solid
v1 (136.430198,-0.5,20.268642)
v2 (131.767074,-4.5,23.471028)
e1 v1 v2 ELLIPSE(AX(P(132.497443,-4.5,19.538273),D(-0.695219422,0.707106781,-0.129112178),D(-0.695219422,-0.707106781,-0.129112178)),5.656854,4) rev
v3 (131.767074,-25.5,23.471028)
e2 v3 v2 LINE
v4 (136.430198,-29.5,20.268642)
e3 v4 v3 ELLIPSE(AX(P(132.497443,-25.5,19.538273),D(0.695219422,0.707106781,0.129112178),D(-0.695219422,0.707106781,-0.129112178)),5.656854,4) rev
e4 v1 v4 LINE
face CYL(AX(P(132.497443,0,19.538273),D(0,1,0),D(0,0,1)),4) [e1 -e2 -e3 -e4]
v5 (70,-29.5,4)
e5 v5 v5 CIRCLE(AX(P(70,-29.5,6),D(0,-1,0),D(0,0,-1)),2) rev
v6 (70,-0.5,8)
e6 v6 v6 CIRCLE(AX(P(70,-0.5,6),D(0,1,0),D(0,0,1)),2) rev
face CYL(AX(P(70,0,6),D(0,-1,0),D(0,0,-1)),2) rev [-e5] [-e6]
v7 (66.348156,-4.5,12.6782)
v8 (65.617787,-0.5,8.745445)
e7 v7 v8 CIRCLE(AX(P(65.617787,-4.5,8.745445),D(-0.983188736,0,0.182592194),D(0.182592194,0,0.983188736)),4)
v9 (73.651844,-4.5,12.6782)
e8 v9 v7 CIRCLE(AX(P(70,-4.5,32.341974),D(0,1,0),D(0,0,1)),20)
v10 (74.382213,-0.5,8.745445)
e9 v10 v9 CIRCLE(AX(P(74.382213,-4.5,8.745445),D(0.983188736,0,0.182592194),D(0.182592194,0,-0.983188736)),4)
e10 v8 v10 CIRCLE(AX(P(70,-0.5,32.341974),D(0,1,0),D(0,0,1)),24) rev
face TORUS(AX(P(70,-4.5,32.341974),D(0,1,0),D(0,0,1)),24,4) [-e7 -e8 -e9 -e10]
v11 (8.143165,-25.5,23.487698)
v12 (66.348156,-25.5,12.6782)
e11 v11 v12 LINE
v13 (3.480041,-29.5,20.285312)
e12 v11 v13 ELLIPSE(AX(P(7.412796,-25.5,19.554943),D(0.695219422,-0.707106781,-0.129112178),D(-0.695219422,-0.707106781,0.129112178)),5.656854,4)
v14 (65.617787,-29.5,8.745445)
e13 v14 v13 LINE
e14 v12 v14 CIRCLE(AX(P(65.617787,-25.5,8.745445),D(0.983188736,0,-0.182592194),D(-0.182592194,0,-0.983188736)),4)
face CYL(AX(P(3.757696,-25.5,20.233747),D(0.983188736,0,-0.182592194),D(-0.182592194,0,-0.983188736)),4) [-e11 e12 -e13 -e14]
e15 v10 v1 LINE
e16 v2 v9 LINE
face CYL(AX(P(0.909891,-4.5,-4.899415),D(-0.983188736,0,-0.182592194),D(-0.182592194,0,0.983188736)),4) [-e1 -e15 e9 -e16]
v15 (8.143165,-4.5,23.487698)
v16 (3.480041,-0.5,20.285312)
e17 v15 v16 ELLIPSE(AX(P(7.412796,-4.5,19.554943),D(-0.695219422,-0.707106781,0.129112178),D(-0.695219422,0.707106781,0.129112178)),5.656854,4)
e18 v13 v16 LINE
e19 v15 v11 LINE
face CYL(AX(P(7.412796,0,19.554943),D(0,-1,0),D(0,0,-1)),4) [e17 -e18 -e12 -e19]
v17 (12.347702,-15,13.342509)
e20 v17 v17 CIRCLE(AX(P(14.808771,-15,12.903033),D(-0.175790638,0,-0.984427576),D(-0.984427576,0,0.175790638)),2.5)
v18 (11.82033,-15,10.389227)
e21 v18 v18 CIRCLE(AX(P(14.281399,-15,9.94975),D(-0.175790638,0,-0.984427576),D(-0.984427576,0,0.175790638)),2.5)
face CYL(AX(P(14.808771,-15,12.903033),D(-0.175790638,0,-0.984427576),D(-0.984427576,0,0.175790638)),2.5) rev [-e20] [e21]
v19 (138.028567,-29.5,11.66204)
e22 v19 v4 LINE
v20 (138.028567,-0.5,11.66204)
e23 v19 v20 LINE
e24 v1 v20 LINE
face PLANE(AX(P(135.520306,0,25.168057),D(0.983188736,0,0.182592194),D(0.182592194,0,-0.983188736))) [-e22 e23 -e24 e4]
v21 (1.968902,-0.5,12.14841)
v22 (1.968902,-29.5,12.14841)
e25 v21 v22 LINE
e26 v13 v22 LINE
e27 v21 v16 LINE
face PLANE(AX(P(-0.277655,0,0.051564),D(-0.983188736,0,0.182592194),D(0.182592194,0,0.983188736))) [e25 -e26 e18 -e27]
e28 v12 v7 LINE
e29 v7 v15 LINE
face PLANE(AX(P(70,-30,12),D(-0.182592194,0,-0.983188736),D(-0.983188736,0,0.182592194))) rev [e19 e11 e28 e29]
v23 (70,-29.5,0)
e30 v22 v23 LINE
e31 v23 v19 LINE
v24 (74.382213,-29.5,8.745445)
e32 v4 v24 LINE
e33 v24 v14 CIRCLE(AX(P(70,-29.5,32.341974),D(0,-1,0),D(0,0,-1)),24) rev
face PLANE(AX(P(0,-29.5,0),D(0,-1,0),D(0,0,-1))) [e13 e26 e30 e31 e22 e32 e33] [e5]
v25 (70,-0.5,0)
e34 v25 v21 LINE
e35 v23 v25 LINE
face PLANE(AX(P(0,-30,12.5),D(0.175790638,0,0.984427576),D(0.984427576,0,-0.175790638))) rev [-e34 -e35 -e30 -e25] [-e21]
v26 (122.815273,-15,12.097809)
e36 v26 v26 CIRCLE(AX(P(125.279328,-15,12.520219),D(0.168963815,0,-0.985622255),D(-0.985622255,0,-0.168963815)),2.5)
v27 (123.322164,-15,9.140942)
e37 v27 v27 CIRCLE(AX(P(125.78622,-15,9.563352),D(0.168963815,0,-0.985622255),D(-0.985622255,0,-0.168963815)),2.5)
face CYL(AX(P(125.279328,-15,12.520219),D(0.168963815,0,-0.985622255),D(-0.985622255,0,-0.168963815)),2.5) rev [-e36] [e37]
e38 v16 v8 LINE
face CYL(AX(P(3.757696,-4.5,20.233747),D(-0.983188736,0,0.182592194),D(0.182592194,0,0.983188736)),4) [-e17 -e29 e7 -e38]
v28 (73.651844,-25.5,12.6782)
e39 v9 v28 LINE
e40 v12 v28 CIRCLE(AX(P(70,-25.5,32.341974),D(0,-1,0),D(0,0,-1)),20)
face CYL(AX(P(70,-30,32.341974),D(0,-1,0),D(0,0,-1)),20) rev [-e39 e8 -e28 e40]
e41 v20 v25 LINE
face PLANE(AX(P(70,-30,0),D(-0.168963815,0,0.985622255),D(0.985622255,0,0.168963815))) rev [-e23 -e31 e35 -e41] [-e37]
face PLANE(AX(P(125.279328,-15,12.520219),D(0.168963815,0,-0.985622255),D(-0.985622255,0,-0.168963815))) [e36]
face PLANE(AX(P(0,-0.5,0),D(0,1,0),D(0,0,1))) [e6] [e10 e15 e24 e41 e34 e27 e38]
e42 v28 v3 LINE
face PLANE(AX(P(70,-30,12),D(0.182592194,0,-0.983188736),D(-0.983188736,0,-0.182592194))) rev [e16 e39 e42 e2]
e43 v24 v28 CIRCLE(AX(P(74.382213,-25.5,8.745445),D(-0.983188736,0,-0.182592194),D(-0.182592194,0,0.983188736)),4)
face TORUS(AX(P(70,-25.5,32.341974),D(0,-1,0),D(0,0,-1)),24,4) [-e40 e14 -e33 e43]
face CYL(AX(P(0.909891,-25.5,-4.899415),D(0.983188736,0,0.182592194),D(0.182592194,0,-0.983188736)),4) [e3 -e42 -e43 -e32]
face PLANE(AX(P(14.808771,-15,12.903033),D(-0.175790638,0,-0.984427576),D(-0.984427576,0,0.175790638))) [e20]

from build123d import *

# Parameters (mm, degrees)
ESQUISSE1_W              = 140
ESQUISSE1_H              = 30
BOSS_EXTRU_1_DEPTH       = 20
ESQUISSE3_W              = 140
ESQUISSE3_H              = 30
BOSS_EXTRU_2_DEPTH       = 20
BOSS_EXTRU_3_DEPTH       = 30
BOSS_EXTRU_4_DEPTH       = 30
ESQUISSE12_W             = 140
ESQUISSE12_H             = 30
ENL_V_MAT_EXTRU_1_DEPTH  = 41
ESQUISSE13_R             = 2
ENL_V_MAT_EXTRU_2_DEPTH  = 31
ESQUISSE25_R             = 2.5
ENL_V_MAT_EXTRU_11_DEPTH = 3
ENL_V_MAT_EXTRU_5_DEPTH  = 31
ENL_V_MAT_EXTRU_6_DEPTH  = 31
ESQUISSE19_W             = 12.781453569
ESQUISSE19_H             = 30
ENL_V_MAT_EXTRU_7_DEPTH  = 2
ESQUISSE20_W             = 12.289859201
ESQUISSE20_H             = 30
ENL_V_MAT_EXTRU_8_DEPTH  = 2
ENL_V_MAT_EXTRU_9_DEPTH  = 0.5
ENL_V_MAT_EXTRU_10_DEPTH = 0.5
ESQUISSE15_R             = 2.5
ENL_V_MAT_EXTRU_15_DEPTH = 3
CONG_1_R                 = 20
CONG_3_R                 = 4


with BuildPart() as part:
    # Esquisse1 → Boss.-Extru.1 (new body)
    with BuildSketch(Plane.XY):
        with Locations((70, 15)):
            Rectangle(ESQUISSE1_W, ESQUISSE1_H)
    extrude(amount=BOSS_EXTRU_1_DEPTH)

    # Esquisse3 → Boss.-Extru.2 (add)
    with BuildSketch(Plane.XY.offset(20)):
        with Locations((70, 15)):
            Rectangle(ESQUISSE3_W, ESQUISSE3_H)
    extrude(amount=BOSS_EXTRU_2_DEPTH)

    # Esquisse5 → Boss.-Extru.3 (add)
    with BuildSketch(Plane.XZ):
        Polygon((70, 12), (140, 25), (140, 12), (70, 0), align=None)
    extrude(amount=BOSS_EXTRU_3_DEPTH)

    # Esquisse6 → Boss.-Extru.4 (add)
    with BuildSketch(Plane.XZ):
        Polygon((0, 25), (0, 12.5), (70, 0), (70, 12), align=None)
    extrude(amount=BOSS_EXTRU_4_DEPTH)

    # Esquisse12 → Enlèv. mat.-Extru.1 (cut, through all)
    with BuildSketch(Plane.XY.offset(40)):
        with Locations((70, 15)):
            Rectangle(ESQUISSE12_W, ESQUISSE12_H)
    extrude(amount=-ENL_V_MAT_EXTRU_1_DEPTH, mode=Mode.SUBTRACT)

    # Esquisse13 → Enlèv. mat.-Extru.2 (cut, through all)
    with BuildSketch(Plane.XZ.offset(30)):
        with Locations((70, 6)):
            Circle(ESQUISSE13_R)
    extrude(amount=-ENL_V_MAT_EXTRU_2_DEPTH, mode=Mode.SUBTRACT)

    # Esquisse25 → Enlèv. mat.-Extru.11 (cut)
    with BuildSketch(Plane(origin=(2.1631644, 0, 12.113720643), x_dir=(-0.984427576, 0, 0.175790638), z_dir=(-0.175790638, 0, -0.984427576))):
        with Locations((-12.309930286, -15)):
            Circle(ESQUISSE25_R)
    extrude(amount=-ENL_V_MAT_EXTRU_11_DEPTH, mode=Mode.SUBTRACT)

    # Esquisse16 → Enlèv. mat.-Extru.5 (cut, through all)
    with BuildSketch(Plane(origin=(0, 0, 0), x_dir=(1, 0, 0), z_dir=(0, 1, 0))):
        Polygon((0, -12.5), (2.244032354, -24.583251134), (0, -25), align=None)
    extrude(amount=-ENL_V_MAT_EXTRU_5_DEPTH, mode=Mode.SUBTRACT)

    # Esquisse17 → Enlèv. mat.-Extru.6 (cut, through all)
    with BuildSketch(Plane(origin=(0, 0, 0), x_dir=(1, 0, 0), z_dir=(0, 1, 0))):
        Polygon((140, -12), (137.666206352, -24.56658118), (140, -25), align=None)
    extrude(amount=-ENL_V_MAT_EXTRU_6_DEPTH, mode=Mode.SUBTRACT)

    # Esquisse19 → Enlèv. mat.-Extru.7 (cut)
    with BuildSketch(Plane(origin=(137.486683764, 0, 25.53324127), x_dir=(0.182592194, 0, -0.983188736), z_dir=(0.983188736, 0, 0.182592194))):
        with Locations((7.373915521, -15)):
            Rectangle(ESQUISSE19_W, ESQUISSE19_H)
    extrude(amount=-ENL_V_MAT_EXTRU_7_DEPTH, mode=Mode.SUBTRACT)

    # Esquisse20 → Enlèv. mat.-Extru.8 (cut)
    with BuildSketch(Plane(origin=(-2.244032354, 0, 0.416748866), x_dir=(0.182592194, 0, 0.983188736), z_dir=(-0.983188736, 0, 0.182592194))):
        with Locations((18.434788802, -15)):
            Rectangle(ESQUISSE20_W, ESQUISSE20_H)
    extrude(amount=-ENL_V_MAT_EXTRU_8_DEPTH, mode=Mode.SUBTRACT)

    # Esquisse22 → Enlèv. mat.-Extru.9 (cut)
    with BuildSketch(Plane.XZ.offset(30)):
        Polygon((4.210409826, 24.218066747), (1.968902204, 12.148410321), (70, 0), (138.028566573, 11.662039984), (135.69982888, 24.201396792), (70, 12), align=None)
    extrude(amount=-ENL_V_MAT_EXTRU_9_DEPTH, mode=Mode.SUBTRACT)

    # Esquisse23 → Enlèv. mat.-Extru.10 (cut)
    with BuildSketch(Plane(origin=(0, 0, 0), x_dir=(1, 0, 0), z_dir=(0, 1, 0))):
        Polygon((1.968902204, -12.148410321), (4.210409826, -24.218066747), (70, -12), (135.69982888, -24.201396792), (138.028566573, -11.662039984), (70, 0), align=None)
    extrude(amount=-ENL_V_MAT_EXTRU_10_DEPTH, mode=Mode.SUBTRACT)

    # Esquisse15 → Enlèv. mat.-Extru.15 (cut)
    with BuildSketch(Plane(origin=(1.998413957, 0, -11.65741475), x_dir=(-0.985622255, 0, -0.168963815), z_dir=(0.168963815, 0, -0.985622255))):
        with Locations((-125.593557837, -15)):
            Circle(ESQUISSE15_R)
    extrude(amount=-ENL_V_MAT_EXTRU_15_DEPTH, mode=Mode.SUBTRACT)

    # Congé1
    cong_1_edges = [part.edges().sort_by_distance(p)[0] for p in [
        (70, -15, 12),
    ]]
    fillet(cong_1_edges, radius=CONG_1_R)

    # Congé3
    cong_3_edges = [part.edges().sort_by_distance(p)[0] for p in [
        (4.210409826, -15, 24.218066747),
        (104.675836379, -29.5, 18.439798185),
        (135.69982888, -15, 24.201396792),
        (35.279282974, -0.5, 18.448133162),
        (35.279282974, -29.5, 18.448133162),
        (104.675836379, -0.5, 18.439798185),
        (70, -0.5, 12.341974299),
        (70, -29.5, 12.341974299),
    ]]
    fillet(cong_3_edges, radius=CONG_3_R)


solid = part.part
